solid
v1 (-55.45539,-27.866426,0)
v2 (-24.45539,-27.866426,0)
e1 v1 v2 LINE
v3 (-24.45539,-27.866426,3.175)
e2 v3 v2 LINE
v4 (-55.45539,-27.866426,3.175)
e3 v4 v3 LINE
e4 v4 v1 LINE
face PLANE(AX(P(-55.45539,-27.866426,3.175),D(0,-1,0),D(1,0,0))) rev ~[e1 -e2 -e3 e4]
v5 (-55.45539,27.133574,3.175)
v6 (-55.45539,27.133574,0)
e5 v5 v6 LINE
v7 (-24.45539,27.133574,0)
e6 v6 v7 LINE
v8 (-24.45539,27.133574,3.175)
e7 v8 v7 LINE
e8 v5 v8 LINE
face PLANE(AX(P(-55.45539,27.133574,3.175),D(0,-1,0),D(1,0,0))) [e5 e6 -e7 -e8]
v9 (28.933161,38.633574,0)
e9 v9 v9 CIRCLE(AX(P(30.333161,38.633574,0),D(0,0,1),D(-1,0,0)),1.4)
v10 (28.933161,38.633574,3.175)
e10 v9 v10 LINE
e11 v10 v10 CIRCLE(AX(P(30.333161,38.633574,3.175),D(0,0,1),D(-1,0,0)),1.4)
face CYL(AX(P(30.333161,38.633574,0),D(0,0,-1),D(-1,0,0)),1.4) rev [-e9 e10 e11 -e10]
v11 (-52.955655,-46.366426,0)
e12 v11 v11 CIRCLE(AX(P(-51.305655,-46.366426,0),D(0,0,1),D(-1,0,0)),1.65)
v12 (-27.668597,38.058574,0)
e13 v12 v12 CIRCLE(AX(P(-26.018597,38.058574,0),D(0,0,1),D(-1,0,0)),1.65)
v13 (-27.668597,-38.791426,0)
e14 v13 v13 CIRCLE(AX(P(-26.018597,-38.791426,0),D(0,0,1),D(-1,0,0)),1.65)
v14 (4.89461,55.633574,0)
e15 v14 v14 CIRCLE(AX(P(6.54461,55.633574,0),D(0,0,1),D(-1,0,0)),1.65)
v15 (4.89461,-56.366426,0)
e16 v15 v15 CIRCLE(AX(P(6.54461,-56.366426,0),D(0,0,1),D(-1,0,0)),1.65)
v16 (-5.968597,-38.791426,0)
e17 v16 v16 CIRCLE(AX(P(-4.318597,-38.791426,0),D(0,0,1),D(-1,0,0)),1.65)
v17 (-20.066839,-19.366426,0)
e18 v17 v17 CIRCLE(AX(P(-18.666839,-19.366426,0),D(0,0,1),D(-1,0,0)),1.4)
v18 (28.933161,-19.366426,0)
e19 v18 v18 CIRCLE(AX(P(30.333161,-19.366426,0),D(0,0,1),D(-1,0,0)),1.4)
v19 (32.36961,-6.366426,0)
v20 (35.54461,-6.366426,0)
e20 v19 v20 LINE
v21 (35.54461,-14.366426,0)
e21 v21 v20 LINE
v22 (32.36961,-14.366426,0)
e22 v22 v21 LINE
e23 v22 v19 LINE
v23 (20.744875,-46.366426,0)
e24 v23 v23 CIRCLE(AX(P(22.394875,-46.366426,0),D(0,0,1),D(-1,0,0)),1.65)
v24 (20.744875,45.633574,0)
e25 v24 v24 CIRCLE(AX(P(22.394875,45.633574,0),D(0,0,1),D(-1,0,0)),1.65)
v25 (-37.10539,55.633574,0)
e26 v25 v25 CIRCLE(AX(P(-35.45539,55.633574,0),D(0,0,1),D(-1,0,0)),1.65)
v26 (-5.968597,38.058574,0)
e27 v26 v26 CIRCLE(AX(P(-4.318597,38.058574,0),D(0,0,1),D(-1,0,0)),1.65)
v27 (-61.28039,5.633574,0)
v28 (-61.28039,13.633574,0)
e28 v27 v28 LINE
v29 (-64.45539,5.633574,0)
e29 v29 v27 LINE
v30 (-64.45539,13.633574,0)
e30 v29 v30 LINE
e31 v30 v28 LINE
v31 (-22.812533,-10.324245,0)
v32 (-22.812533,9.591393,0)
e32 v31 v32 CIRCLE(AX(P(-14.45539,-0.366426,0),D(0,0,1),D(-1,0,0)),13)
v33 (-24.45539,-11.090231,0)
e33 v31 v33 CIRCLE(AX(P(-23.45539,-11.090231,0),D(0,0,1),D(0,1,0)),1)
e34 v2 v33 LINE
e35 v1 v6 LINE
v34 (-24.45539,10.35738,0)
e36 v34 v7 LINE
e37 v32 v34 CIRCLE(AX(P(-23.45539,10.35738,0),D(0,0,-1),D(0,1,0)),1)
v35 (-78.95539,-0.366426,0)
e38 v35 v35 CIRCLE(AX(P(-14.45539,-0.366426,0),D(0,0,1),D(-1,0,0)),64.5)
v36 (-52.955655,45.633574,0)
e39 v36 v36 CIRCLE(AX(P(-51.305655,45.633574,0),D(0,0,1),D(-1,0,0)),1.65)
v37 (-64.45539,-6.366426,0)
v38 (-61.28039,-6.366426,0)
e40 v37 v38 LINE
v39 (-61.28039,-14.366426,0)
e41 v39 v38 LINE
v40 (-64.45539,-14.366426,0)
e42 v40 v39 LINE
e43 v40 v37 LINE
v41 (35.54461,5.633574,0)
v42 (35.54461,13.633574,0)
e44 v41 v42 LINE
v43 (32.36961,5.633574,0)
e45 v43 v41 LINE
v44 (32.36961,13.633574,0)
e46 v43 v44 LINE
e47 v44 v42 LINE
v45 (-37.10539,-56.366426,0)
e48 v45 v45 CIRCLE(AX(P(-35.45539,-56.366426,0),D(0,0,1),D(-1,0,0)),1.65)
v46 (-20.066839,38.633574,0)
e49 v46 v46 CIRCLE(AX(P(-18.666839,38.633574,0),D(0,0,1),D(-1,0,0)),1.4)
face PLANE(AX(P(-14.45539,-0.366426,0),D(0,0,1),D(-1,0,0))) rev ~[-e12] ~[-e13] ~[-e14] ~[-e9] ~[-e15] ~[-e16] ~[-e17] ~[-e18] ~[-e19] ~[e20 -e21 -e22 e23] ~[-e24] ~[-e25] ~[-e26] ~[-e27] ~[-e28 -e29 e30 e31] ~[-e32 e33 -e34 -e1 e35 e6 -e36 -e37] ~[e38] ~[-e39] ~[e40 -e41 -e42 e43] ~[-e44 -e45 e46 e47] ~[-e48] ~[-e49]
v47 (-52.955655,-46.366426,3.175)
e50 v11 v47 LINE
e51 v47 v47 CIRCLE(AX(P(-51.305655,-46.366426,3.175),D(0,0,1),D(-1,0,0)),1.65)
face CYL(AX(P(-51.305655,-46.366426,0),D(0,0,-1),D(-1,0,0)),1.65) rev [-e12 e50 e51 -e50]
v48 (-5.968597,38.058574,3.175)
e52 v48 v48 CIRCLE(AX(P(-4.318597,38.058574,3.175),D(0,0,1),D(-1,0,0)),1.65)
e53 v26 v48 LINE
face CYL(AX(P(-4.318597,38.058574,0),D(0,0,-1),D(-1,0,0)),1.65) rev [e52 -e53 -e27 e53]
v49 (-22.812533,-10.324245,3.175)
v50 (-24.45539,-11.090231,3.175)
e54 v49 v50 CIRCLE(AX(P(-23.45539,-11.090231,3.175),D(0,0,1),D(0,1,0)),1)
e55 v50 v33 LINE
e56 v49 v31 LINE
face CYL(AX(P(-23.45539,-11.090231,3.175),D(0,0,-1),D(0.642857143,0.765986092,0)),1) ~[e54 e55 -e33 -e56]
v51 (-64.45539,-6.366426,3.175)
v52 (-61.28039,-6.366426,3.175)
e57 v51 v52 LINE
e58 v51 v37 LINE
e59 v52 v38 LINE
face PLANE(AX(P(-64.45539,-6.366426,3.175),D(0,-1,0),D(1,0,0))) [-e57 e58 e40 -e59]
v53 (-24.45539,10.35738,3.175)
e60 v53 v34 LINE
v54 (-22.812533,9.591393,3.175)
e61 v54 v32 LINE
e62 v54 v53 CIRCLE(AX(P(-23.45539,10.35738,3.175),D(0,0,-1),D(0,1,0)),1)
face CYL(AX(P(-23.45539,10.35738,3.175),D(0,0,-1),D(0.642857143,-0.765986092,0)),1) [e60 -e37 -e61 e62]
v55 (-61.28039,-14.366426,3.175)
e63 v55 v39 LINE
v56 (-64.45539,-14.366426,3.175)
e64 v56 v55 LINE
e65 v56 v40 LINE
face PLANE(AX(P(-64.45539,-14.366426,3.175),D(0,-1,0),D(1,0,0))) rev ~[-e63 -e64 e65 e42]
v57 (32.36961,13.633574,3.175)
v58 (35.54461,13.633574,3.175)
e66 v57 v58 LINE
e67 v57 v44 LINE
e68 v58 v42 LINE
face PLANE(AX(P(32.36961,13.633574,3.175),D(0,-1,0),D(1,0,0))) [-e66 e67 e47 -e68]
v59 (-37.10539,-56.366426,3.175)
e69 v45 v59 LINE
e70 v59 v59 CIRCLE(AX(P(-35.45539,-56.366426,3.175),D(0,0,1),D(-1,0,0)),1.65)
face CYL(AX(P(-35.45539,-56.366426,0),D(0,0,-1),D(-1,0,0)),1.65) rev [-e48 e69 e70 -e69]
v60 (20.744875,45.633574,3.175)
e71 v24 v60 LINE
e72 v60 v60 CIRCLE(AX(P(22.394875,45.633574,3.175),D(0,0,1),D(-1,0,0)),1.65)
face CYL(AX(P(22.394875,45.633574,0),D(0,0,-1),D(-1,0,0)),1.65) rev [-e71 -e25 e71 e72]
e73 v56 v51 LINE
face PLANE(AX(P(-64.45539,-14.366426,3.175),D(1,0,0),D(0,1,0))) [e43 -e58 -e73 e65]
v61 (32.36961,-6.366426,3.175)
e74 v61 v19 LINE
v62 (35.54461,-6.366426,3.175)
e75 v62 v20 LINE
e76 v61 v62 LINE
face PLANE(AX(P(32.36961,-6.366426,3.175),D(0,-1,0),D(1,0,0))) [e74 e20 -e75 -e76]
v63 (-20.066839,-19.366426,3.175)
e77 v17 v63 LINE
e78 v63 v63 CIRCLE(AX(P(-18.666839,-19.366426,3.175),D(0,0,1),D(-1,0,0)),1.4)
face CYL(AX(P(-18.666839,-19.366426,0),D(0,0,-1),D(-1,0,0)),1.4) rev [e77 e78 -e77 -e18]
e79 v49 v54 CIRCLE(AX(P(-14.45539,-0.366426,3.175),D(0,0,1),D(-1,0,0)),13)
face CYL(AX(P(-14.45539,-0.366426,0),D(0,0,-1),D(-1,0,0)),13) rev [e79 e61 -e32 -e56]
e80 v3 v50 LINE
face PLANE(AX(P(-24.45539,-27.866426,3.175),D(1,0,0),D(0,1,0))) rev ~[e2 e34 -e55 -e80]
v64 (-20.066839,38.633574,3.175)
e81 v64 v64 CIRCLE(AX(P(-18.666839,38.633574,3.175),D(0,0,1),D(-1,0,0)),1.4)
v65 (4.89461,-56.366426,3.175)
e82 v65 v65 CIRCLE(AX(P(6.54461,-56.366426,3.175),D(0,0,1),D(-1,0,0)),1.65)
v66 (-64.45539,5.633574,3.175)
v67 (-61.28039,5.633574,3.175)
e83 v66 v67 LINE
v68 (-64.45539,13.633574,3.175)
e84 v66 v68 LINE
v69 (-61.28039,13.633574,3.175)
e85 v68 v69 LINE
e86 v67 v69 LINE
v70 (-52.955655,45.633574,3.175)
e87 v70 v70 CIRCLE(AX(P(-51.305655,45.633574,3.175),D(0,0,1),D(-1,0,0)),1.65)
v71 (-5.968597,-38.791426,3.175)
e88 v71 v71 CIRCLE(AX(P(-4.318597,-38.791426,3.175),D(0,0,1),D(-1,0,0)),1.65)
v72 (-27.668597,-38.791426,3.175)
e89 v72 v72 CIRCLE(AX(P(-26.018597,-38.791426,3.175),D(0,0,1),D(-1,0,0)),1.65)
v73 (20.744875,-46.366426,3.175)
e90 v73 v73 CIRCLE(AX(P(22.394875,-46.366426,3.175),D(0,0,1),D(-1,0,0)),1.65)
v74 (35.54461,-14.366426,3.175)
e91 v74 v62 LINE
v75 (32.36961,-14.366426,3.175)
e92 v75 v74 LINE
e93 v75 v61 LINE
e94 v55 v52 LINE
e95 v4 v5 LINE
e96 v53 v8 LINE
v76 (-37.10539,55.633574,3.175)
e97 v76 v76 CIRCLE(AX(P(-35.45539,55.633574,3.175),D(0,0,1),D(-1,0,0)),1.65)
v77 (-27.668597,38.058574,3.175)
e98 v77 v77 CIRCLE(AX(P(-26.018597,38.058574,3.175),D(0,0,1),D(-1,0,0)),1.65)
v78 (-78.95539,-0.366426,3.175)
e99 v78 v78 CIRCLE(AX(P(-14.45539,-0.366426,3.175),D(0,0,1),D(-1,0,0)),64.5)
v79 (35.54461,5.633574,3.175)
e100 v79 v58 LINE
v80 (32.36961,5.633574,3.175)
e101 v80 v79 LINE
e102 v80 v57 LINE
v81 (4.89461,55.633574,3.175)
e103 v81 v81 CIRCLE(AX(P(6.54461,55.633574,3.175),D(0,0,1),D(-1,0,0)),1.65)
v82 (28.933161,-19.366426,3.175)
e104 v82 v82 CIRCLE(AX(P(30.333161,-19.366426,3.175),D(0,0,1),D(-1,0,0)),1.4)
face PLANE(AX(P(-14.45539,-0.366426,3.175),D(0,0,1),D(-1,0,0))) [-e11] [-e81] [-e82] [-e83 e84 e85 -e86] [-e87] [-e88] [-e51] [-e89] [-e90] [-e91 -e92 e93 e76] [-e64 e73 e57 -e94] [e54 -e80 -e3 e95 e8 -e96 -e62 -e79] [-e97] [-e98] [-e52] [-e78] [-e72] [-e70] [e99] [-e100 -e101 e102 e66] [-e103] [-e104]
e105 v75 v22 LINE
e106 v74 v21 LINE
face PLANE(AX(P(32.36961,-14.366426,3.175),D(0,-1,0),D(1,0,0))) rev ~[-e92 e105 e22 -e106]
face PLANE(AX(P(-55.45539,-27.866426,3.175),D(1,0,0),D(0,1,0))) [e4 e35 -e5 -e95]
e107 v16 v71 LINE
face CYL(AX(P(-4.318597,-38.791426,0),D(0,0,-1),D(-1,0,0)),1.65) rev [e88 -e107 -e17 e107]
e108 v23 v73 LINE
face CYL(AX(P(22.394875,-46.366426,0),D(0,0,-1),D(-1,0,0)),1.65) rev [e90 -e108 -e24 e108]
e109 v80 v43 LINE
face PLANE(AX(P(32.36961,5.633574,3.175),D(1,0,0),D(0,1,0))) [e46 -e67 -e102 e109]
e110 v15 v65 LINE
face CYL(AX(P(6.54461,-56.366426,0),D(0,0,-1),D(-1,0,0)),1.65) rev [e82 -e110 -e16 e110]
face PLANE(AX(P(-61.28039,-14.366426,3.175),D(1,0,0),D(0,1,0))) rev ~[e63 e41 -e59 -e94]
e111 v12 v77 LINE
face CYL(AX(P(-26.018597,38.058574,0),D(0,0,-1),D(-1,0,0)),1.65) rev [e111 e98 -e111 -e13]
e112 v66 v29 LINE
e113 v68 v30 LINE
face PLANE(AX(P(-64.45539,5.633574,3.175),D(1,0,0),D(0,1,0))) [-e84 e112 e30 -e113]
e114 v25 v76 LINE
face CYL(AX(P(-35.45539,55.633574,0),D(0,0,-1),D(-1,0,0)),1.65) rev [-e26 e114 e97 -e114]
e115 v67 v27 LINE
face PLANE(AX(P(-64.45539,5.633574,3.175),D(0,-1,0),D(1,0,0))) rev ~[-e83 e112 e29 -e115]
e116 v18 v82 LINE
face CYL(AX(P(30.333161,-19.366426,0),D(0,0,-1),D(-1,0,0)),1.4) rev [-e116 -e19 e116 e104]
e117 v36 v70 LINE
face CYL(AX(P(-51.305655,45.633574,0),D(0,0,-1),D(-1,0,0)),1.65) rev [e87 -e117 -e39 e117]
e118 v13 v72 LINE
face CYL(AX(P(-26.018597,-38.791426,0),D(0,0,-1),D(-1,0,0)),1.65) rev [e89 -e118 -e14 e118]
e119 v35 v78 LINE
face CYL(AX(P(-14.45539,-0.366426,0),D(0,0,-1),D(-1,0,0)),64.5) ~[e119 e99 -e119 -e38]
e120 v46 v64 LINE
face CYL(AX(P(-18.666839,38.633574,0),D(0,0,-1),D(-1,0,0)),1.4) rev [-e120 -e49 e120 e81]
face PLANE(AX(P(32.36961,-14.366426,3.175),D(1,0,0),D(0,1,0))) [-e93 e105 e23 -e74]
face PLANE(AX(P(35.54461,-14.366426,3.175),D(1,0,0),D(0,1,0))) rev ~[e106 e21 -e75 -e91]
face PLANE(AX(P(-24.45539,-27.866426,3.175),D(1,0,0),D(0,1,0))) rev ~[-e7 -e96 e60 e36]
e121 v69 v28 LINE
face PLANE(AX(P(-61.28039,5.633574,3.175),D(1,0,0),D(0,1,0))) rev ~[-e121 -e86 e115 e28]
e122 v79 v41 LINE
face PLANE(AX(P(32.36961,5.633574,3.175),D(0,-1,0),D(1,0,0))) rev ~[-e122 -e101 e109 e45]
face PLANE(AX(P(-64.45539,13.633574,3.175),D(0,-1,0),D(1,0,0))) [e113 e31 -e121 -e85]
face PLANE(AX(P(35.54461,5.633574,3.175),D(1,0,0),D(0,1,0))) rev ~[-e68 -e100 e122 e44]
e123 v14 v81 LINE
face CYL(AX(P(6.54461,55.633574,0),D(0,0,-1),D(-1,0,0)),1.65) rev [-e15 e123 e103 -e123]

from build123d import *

# Parameters (mm, degrees)
SKETCH1_R           = 64.5
SKETCH1_R_2         = 1.65
SKETCH1_R_3         = 13
SKETCH1_R_4         = 1.4
BOSS_EXTRUDE2_DEPTH = 3.175
SKETCH2_W           = 3.175
SKETCH2_H           = 8
CUT_EXTRUDE1_DEPTH  = 4.175
SKETCH3_W           = 31
SKETCH3_H           = 55
CUT_EXTRUDE2_DEPTH  = 4.175
FILLET3_R           = 1


with BuildPart() as part:
    # Sketch1 → Boss-Extrude2 (new body)
    with BuildSketch(Plane(origin=(0, 0, 0), x_dir=(-1, 0, 0), z_dir=(0, 0, 1))):
        with Locations((14.45539036, 0.366425758)):
            Circle(SKETCH1_R)
        with Locations((26.018596538, -38.058574242)):
            Circle(SKETCH1_R_2, mode=Mode.SUBTRACT)
        with Locations((4.318596538, -38.058574242)):
            Circle(SKETCH1_R_2, mode=Mode.SUBTRACT)
        with Locations((26.018596538, 38.791425758)):
            Circle(SKETCH1_R_2, mode=Mode.SUBTRACT)
        with Locations((4.318596538, 38.791425758)):
            Circle(SKETCH1_R_2, mode=Mode.SUBTRACT)
        with Locations((14.45539036, 0.366425758)):
            Circle(SKETCH1_R_3, mode=Mode.SUBTRACT)
        with Locations((-6.54460964, 56.366425758)):
            Circle(SKETCH1_R_2, mode=Mode.SUBTRACT)
        with Locations((-22.394874657, 46.366425758)):
            Circle(SKETCH1_R_2, mode=Mode.SUBTRACT)
        with Locations((35.45539036, 56.366425758)):
            Circle(SKETCH1_R_2, mode=Mode.SUBTRACT)
        with Locations((51.305655378, 46.366425758)):
            Circle(SKETCH1_R_2, mode=Mode.SUBTRACT)
        with Locations((51.305655378, -45.633574242)):
            Circle(SKETCH1_R_2, mode=Mode.SUBTRACT)
        with Locations((35.45539036, -55.633574242)):
            Circle(SKETCH1_R_2, mode=Mode.SUBTRACT)
        with Locations((-6.54460964, -55.633574242)):
            Circle(SKETCH1_R_2, mode=Mode.SUBTRACT)
        with Locations((-22.394874657, -45.633574242)):
            Circle(SKETCH1_R_2, mode=Mode.SUBTRACT)
        with Locations((18.66683861, -38.633574242)):
            Circle(SKETCH1_R_4, mode=Mode.SUBTRACT)
        with Locations((-30.33316139, -38.633574242)):
            Circle(SKETCH1_R_4, mode=Mode.SUBTRACT)
        with Locations((18.66683861, 19.366425758)):
            Circle(SKETCH1_R_4, mode=Mode.SUBTRACT)
        with Locations((-30.33316139, 19.366425758)):
            Circle(SKETCH1_R_4, mode=Mode.SUBTRACT)
    extrude(amount=BOSS_EXTRUDE2_DEPTH)

    # Sketch2 → Cut-Extrude1 (cut, through all)
    with BuildSketch(Plane.XY.offset(3.175)):
        with Locations((33.95710964, -10.366425758)):
            Rectangle(SKETCH2_W, SKETCH2_H)
        with Locations((33.95710964, 9.633574242)):
            Rectangle(SKETCH2_W, SKETCH2_H)
        with Locations((-62.86789036, 9.633574242)):
            Rectangle(SKETCH2_W, SKETCH2_H)
        with Locations((-62.86789036, -10.366425758)):
            Rectangle(SKETCH2_W, SKETCH2_H)
    extrude(amount=-CUT_EXTRUDE1_DEPTH, mode=Mode.SUBTRACT)

    # Sketch3 → Cut-Extrude2 (cut, through all)
    with BuildSketch(Plane.XY.offset(3.175)):
        with Locations((-39.95539036, -0.366425758)):
            Rectangle(SKETCH3_W, SKETCH3_H)
    extrude(amount=-CUT_EXTRUDE2_DEPTH, mode=Mode.SUBTRACT)

    # Fillet3
    fillet3_edges = [part.edges().sort_by_distance(p)[0] for p in [
        (-24.45539036, 7.940198105, 1.5875),
        (-24.45539036, -8.673049621, 1.5875),
    ]]
    fillet(fillet3_edges, radius=FILLET3_R)


solid = part.part
